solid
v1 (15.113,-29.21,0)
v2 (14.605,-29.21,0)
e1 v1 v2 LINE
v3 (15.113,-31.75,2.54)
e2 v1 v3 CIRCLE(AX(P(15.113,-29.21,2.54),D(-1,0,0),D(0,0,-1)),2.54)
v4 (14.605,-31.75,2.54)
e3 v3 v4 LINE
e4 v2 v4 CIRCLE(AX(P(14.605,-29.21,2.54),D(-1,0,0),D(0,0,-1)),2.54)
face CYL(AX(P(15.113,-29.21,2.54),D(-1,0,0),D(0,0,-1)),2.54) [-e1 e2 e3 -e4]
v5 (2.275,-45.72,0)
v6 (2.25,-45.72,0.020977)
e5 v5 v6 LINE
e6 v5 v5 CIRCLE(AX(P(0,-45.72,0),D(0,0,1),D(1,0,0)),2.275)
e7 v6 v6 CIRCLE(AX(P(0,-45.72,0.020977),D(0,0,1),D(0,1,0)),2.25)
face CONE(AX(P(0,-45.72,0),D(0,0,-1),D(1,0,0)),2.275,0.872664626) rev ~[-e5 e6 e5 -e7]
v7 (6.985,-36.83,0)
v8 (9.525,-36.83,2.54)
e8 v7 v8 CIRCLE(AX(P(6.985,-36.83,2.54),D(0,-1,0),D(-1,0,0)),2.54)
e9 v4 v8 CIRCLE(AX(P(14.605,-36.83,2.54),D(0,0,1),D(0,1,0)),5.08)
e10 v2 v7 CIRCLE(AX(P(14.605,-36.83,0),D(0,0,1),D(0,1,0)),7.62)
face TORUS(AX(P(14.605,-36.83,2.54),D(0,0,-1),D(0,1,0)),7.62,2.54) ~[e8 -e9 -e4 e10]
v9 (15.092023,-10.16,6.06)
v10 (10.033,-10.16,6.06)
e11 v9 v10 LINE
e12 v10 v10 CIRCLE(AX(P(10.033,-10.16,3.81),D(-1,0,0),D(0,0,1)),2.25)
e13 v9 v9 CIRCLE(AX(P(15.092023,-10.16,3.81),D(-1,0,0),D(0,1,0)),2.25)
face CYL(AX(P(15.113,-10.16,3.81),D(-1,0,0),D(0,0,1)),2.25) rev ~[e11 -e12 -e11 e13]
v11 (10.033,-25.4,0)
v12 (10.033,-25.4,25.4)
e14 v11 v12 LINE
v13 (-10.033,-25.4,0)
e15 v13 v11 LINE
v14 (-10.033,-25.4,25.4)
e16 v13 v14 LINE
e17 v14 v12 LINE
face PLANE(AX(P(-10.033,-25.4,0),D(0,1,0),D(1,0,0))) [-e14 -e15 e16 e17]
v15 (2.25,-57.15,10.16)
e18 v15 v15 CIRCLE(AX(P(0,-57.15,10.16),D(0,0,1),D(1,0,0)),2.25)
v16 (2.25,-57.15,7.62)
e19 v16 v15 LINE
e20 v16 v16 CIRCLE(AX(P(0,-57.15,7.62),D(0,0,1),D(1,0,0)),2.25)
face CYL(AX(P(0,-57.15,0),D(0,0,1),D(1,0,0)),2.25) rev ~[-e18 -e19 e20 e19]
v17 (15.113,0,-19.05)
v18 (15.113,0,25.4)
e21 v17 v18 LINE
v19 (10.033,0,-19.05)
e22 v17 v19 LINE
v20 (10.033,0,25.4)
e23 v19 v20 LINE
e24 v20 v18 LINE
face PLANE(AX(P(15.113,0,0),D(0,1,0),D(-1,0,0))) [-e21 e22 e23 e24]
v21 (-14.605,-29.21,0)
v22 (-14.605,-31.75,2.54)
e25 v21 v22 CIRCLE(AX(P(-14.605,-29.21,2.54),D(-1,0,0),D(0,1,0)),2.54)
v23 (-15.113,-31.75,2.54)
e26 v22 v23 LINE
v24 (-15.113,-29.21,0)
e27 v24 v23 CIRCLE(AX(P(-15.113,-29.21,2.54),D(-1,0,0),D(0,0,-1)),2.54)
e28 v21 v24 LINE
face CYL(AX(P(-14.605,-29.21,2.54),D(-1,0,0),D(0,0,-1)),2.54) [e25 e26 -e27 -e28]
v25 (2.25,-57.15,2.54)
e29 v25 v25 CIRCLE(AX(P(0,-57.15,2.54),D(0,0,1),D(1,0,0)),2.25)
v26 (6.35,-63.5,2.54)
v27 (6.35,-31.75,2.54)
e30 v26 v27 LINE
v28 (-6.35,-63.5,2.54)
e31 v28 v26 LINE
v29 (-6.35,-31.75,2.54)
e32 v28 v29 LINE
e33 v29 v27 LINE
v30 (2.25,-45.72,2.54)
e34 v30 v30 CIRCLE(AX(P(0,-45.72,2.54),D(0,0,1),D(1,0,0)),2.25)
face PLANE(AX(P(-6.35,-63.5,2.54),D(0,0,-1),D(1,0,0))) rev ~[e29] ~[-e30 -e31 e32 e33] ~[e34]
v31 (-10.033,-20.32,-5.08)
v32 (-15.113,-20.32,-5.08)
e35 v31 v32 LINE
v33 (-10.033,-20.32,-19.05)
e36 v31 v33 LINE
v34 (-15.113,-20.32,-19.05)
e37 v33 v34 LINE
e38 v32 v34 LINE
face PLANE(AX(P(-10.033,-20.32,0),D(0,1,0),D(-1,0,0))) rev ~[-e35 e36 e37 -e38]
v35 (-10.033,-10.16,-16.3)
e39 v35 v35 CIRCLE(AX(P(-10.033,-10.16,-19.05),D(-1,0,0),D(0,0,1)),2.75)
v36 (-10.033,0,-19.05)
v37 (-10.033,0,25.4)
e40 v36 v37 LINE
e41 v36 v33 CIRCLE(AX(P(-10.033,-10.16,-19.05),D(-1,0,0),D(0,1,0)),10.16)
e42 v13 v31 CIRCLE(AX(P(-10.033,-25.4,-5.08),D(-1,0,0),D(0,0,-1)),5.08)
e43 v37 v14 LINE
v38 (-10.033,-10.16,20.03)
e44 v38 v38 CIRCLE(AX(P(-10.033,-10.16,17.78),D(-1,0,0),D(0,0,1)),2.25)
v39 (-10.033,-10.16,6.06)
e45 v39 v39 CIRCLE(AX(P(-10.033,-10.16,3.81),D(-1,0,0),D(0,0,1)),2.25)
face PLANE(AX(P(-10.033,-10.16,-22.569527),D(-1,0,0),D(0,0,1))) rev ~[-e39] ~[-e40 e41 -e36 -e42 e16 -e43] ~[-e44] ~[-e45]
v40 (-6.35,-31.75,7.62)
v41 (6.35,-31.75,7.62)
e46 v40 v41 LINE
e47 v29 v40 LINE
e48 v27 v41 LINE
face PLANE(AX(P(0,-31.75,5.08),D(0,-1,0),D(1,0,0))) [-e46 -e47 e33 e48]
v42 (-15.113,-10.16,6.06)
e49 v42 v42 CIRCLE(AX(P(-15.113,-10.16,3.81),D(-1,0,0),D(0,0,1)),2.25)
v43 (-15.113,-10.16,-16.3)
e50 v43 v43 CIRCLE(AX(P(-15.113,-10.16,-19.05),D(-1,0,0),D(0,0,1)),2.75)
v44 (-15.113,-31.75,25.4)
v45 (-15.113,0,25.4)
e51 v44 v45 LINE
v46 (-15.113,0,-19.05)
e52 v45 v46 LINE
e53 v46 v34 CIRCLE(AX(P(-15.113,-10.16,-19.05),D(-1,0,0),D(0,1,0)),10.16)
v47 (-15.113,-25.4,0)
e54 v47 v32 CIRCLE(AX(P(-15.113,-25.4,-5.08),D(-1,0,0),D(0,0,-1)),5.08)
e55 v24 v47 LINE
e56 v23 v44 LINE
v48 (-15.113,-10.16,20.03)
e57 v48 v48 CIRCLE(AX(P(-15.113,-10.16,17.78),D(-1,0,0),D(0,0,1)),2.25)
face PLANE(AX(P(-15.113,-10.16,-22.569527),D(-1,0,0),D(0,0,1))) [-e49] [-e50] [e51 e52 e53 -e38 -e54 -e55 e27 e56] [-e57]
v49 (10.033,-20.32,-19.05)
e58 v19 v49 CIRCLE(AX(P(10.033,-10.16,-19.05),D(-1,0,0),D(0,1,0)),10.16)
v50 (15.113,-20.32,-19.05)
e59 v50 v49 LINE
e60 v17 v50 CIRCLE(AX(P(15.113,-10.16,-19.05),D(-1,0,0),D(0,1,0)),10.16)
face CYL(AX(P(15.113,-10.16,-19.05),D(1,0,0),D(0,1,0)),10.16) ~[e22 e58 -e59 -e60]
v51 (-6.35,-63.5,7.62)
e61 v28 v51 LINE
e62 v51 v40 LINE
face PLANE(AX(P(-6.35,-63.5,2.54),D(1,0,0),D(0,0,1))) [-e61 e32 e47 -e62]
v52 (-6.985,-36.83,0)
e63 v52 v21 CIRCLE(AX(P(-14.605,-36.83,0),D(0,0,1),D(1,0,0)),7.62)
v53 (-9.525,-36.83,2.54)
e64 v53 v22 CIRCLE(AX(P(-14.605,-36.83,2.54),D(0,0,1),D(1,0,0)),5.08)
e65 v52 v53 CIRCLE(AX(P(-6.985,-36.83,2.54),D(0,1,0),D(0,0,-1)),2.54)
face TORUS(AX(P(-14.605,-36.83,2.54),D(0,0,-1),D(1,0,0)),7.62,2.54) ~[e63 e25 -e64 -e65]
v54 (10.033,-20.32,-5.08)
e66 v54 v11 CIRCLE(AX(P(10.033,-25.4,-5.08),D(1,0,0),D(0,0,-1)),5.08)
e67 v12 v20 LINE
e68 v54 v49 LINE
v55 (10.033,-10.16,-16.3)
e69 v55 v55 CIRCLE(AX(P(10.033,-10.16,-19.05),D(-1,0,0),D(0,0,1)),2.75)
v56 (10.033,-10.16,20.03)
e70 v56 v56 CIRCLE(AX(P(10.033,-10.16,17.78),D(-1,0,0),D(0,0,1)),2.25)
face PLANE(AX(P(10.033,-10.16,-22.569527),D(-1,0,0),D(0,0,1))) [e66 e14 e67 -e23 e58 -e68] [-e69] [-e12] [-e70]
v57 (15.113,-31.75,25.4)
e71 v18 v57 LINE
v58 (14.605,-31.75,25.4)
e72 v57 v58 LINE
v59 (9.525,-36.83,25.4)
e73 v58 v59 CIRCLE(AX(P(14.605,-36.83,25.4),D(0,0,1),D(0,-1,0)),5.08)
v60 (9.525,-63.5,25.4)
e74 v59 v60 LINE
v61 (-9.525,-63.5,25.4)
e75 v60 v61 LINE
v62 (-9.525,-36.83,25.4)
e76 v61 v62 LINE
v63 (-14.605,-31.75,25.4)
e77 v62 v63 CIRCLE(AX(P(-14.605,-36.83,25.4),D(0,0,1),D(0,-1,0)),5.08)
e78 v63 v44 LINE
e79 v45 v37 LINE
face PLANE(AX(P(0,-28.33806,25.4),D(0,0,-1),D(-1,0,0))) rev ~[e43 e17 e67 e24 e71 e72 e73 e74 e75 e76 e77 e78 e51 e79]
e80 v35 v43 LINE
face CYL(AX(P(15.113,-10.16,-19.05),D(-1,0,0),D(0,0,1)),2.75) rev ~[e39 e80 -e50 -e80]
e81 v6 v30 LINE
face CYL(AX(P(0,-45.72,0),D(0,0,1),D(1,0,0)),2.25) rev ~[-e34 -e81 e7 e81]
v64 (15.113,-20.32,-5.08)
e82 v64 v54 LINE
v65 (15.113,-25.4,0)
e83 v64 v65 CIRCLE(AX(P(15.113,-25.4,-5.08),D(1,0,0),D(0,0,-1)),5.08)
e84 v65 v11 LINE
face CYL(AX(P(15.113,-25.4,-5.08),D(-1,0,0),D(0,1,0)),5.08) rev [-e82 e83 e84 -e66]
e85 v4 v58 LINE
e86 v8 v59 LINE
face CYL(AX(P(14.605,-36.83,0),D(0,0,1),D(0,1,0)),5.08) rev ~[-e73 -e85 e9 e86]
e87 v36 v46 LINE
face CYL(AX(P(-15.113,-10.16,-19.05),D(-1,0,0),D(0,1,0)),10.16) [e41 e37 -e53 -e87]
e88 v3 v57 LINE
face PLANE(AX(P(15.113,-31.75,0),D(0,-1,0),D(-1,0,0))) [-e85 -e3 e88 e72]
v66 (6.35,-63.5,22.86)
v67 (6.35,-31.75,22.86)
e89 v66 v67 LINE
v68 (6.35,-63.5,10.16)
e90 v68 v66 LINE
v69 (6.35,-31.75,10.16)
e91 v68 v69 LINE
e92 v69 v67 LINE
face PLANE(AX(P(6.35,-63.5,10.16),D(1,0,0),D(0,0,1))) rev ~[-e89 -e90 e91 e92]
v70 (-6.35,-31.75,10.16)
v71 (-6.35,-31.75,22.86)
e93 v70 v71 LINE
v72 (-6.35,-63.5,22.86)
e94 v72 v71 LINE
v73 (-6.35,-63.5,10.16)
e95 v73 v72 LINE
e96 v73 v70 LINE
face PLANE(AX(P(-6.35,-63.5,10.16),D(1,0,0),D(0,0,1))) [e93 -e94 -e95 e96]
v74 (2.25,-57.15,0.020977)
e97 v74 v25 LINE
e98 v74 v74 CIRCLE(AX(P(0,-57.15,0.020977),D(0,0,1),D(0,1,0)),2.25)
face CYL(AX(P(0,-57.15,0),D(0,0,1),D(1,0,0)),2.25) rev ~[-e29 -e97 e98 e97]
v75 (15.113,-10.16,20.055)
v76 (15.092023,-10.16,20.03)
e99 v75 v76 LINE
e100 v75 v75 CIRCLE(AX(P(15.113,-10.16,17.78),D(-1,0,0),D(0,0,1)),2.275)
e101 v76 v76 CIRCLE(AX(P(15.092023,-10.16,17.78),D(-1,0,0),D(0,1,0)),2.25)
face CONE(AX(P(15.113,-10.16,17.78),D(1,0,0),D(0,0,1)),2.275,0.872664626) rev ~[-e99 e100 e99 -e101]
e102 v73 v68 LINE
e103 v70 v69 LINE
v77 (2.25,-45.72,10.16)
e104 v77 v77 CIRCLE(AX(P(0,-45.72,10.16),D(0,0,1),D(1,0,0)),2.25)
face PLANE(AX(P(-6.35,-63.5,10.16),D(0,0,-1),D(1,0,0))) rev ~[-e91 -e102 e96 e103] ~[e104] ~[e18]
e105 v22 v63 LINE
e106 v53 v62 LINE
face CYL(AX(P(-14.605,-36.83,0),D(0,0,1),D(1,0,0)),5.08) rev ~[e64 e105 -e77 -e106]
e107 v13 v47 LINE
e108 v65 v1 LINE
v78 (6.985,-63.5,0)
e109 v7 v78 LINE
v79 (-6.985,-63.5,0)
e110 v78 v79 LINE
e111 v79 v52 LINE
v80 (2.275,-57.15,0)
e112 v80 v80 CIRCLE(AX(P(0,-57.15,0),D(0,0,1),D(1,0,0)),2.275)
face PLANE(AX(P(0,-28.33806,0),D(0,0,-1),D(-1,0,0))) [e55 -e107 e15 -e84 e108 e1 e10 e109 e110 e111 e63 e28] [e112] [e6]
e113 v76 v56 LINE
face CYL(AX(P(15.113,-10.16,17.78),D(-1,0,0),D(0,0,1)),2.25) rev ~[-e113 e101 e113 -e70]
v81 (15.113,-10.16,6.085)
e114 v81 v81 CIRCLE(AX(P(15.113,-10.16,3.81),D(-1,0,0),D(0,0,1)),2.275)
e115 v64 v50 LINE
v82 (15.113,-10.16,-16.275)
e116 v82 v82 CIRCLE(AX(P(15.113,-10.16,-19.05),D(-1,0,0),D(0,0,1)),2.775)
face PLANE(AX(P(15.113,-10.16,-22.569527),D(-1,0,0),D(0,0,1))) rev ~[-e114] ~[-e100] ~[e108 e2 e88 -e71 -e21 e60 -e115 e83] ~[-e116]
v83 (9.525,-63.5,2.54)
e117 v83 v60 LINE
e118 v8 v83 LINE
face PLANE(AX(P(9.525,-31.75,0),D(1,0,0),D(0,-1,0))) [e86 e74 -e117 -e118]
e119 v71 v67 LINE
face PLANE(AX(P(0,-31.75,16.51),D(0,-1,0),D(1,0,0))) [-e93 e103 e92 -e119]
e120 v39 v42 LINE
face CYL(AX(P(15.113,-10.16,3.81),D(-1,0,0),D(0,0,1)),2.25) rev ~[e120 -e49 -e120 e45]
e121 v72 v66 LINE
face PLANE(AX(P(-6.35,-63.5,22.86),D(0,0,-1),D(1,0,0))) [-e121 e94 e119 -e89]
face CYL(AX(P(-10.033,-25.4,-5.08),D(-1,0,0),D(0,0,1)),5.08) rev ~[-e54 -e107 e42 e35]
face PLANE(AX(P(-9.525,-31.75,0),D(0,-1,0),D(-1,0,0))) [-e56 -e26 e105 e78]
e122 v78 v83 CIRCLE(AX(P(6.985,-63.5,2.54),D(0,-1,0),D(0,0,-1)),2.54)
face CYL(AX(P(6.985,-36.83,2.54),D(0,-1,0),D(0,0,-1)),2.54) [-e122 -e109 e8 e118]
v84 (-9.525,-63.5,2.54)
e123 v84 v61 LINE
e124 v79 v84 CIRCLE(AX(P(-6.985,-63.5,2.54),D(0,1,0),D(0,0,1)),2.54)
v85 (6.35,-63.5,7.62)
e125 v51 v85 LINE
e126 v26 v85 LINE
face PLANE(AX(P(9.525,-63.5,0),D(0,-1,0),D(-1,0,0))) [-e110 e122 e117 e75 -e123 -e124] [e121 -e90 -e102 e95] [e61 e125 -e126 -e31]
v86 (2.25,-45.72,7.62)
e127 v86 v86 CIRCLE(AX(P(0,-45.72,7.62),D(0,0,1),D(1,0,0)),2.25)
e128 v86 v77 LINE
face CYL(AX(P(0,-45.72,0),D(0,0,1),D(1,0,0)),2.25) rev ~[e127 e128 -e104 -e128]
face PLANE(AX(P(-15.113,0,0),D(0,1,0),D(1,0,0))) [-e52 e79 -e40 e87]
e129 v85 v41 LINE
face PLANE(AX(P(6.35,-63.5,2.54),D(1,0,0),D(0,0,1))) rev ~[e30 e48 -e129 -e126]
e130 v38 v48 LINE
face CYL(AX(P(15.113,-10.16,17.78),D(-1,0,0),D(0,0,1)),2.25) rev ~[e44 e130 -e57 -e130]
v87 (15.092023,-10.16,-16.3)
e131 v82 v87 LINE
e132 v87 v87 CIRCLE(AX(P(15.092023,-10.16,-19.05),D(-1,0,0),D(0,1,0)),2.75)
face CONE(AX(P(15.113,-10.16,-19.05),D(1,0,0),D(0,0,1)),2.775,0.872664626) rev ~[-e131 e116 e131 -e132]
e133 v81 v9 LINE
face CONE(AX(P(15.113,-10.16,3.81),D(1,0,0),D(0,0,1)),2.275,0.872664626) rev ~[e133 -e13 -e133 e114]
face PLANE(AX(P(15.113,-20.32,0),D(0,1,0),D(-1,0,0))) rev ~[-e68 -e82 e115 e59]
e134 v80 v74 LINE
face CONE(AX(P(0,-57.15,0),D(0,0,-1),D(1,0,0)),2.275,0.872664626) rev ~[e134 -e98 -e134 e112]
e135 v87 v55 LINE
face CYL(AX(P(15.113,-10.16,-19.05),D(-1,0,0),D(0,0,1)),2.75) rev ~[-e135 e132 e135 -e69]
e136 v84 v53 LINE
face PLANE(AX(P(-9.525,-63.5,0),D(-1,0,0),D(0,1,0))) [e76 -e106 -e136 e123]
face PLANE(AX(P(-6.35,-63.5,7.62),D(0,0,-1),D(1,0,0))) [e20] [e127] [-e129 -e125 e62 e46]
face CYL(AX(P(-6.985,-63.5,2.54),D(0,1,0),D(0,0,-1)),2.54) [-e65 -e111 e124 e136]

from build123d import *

# Parameters (mm, degrees)
BOSS_EXTRUDE1_DEPTH            = 25.4
SKETCH2_W                      = 12.7
SKETCH2_H                      = 12.7
SKETCH2_H_2                    = 5.08
CUT_EXTRUDE1_DEPTH             = 31.75
M4_CLEARANCE_HOLE4_D           = 4.5
M4_CLEARANCE_HOLE4_DEPTH       = 10.16
M4_CLEARANCE_HOLE4_CSINK_D     = 4.55
M4_CLEARANCE_HOLE4_CSINK_ANGLE = 100
M4_CLEARANCE_HOLE4_TIP         = 1.351936393
SKETCH6_W                      = 5.08
SKETCH6_H                      = 20.32
BOSS_EXTRUDE2_DEPTH            = 19.05
BOSS_EXTRUDE3_DEPTH            = 5.08
BOSS_EXTRUDE4_DEPTH            = 5.08
M4_CLEARANCE_HOLE5_D           = 4.5
M4_CLEARANCE_HOLE5_DEPTH       = 30.226
M4_CLEARANCE_HOLE5_CSINK_D     = 4.55
M4_CLEARANCE_HOLE5_CSINK_ANGLE = 100
M4_CLEARANCE_HOLE5_TIP         = 1.351936393
M5_CLEARANCE_HOLE1_D           = 5.5
M5_CLEARANCE_HOLE1_DEPTH       = 30.226
M5_CLEARANCE_HOLE1_CSINK_D     = 5.55
M5_CLEARANCE_HOLE1_CSINK_ANGLE = 100
M5_CLEARANCE_HOLE1_TIP         = 1.652366702
FILLET1_R                      = 5.08
FILLET2_R                      = 2.54


with BuildPart() as part:
    # Sketch1 → Boss-Extrude1 (new body)
    with BuildSketch(Plane.XY):
        Polygon((-15.113, 0), (-10.033, 0), (-10.033, -25.4), (10.033, -25.4), (10.033, 0), (15.113, 0), (15.113, -31.75), (9.525, -31.75), (9.525, -63.5), (-9.525, -63.5), (-9.525, -31.75), (-15.113, -31.75), align=None)
    extrude(amount=BOSS_EXTRUDE1_DEPTH)

    # Sketch2 → Cut-Extrude1 (cut)
    with BuildSketch(Plane.XZ.offset(63.5)):
        with Locations((0, 16.51)):
            Rectangle(SKETCH2_W, SKETCH2_H)
        with Locations((0, 5.08)):
            Rectangle(SKETCH2_W, SKETCH2_H_2)
    extrude(amount=-CUT_EXTRUDE1_DEPTH, mode=Mode.SUBTRACT)

    # M4 Clearance Hole4
    with Locations(Plane(origin=(0, 0, 0), x_dir=(-1, 0, 0), z_dir=(0, 0, -1))):
        with Locations((0, -57.15), (0, -45.72)):
            CounterSinkHole(M4_CLEARANCE_HOLE4_D / 2, M4_CLEARANCE_HOLE4_CSINK_D / 2, depth=M4_CLEARANCE_HOLE4_DEPTH, counter_sink_angle=M4_CLEARANCE_HOLE4_CSINK_ANGLE)
            with Locations((0, 0, -(M4_CLEARANCE_HOLE4_DEPTH + M4_CLEARANCE_HOLE4_TIP / 2))):  # 118° drill point
                Cone(0, M4_CLEARANCE_HOLE4_D / 2, M4_CLEARANCE_HOLE4_TIP, mode=Mode.SUBTRACT)

    # Sketch6 → Boss-Extrude2 (add)
    with BuildSketch(Plane(origin=(0, 0, 0), x_dir=(-1, 0, 0), z_dir=(0, 0, -1))):
        with Locations((-12.573, -10.16)):
            Rectangle(SKETCH6_W, SKETCH6_H)
        with Locations((12.573, -10.16)):
            Rectangle(SKETCH6_W, SKETCH6_H)
    extrude(amount=BOSS_EXTRUDE2_DEPTH)

    # Sketch7 → Boss-Extrude3 (add)
    with BuildSketch(Plane(origin=(15.113, 0, 0), x_dir=(0, 0, -1), z_dir=(1, 0, 0))):
        with BuildLine():
            Line((19.05, -20.32), (19.05, 0))
            ThreePointArc((19.05, 0), (29.21, -10.16), (19.05, -20.32))
        make_face()
    extrude(amount=-BOSS_EXTRUDE3_DEPTH)

    # Sketch8 → Boss-Extrude4 (add)
    with BuildSketch(Plane.ZY.offset(15.113)):
        with BuildLine():
            Line((-19.05, -20.32), (-19.05, 0))
            ThreePointArc((-19.05, 0), (-29.21, -10.16), (-19.05, -20.32))
        make_face()
    extrude(amount=-BOSS_EXTRUDE4_DEPTH)

    # M4 Clearance Hole5
    with Locations(Plane(origin=(15.113, 0, 0), x_dir=(0, 0, -1), z_dir=(1, 0, 0))):
        with Locations((-17.78, -10.16), (-3.81, -10.16)):
            CounterSinkHole(M4_CLEARANCE_HOLE5_D / 2, M4_CLEARANCE_HOLE5_CSINK_D / 2, depth=M4_CLEARANCE_HOLE5_DEPTH, counter_sink_angle=M4_CLEARANCE_HOLE5_CSINK_ANGLE)
            with Locations((0, 0, -(M4_CLEARANCE_HOLE5_DEPTH + M4_CLEARANCE_HOLE5_TIP / 2))):  # 118° drill point
                Cone(0, M4_CLEARANCE_HOLE5_D / 2, M4_CLEARANCE_HOLE5_TIP, mode=Mode.SUBTRACT)

    # M5 Clearance Hole1
    with Locations(Plane(origin=(15.113, 0, 0), x_dir=(0, 0, -1), z_dir=(1, 0, 0))):
        with Locations((19.05, -10.16)):
            CounterSinkHole(M5_CLEARANCE_HOLE1_D / 2, M5_CLEARANCE_HOLE1_CSINK_D / 2, depth=M5_CLEARANCE_HOLE1_DEPTH, counter_sink_angle=M5_CLEARANCE_HOLE1_CSINK_ANGLE)
            with Locations((0, 0, -(M5_CLEARANCE_HOLE1_DEPTH + M5_CLEARANCE_HOLE1_TIP / 2))):  # 118° drill point
                Cone(0, M5_CLEARANCE_HOLE1_D / 2, M5_CLEARANCE_HOLE1_TIP, mode=Mode.SUBTRACT)

    # Fillet1
    fillet1_edges = [part.edges().sort_by_distance(p)[0] for p in [
        (12.573, -20.32, 0),
        (-12.573, -20.32, 0),
        (-9.525, -31.75, 12.7),
        (9.525, -31.75, 12.7),
    ]]
    fillet(fillet1_edges, radius=FILLET1_R)

    # Fillet2
    fillet2_edges = [part.edges().sort_by_distance(p)[0] for p in [
        (9.525, -50.165, 0),
        (14.859, -31.75, 0),
        (-9.525, -50.165, 0),
        (-14.859, -31.75, 0),
        (-11.012897552, -33.237897552, 0),
        (11.012897552, -33.237897552, 0),
    ]]
    fillet(fillet2_edges, radius=FILLET2_R)


solid = part.part
